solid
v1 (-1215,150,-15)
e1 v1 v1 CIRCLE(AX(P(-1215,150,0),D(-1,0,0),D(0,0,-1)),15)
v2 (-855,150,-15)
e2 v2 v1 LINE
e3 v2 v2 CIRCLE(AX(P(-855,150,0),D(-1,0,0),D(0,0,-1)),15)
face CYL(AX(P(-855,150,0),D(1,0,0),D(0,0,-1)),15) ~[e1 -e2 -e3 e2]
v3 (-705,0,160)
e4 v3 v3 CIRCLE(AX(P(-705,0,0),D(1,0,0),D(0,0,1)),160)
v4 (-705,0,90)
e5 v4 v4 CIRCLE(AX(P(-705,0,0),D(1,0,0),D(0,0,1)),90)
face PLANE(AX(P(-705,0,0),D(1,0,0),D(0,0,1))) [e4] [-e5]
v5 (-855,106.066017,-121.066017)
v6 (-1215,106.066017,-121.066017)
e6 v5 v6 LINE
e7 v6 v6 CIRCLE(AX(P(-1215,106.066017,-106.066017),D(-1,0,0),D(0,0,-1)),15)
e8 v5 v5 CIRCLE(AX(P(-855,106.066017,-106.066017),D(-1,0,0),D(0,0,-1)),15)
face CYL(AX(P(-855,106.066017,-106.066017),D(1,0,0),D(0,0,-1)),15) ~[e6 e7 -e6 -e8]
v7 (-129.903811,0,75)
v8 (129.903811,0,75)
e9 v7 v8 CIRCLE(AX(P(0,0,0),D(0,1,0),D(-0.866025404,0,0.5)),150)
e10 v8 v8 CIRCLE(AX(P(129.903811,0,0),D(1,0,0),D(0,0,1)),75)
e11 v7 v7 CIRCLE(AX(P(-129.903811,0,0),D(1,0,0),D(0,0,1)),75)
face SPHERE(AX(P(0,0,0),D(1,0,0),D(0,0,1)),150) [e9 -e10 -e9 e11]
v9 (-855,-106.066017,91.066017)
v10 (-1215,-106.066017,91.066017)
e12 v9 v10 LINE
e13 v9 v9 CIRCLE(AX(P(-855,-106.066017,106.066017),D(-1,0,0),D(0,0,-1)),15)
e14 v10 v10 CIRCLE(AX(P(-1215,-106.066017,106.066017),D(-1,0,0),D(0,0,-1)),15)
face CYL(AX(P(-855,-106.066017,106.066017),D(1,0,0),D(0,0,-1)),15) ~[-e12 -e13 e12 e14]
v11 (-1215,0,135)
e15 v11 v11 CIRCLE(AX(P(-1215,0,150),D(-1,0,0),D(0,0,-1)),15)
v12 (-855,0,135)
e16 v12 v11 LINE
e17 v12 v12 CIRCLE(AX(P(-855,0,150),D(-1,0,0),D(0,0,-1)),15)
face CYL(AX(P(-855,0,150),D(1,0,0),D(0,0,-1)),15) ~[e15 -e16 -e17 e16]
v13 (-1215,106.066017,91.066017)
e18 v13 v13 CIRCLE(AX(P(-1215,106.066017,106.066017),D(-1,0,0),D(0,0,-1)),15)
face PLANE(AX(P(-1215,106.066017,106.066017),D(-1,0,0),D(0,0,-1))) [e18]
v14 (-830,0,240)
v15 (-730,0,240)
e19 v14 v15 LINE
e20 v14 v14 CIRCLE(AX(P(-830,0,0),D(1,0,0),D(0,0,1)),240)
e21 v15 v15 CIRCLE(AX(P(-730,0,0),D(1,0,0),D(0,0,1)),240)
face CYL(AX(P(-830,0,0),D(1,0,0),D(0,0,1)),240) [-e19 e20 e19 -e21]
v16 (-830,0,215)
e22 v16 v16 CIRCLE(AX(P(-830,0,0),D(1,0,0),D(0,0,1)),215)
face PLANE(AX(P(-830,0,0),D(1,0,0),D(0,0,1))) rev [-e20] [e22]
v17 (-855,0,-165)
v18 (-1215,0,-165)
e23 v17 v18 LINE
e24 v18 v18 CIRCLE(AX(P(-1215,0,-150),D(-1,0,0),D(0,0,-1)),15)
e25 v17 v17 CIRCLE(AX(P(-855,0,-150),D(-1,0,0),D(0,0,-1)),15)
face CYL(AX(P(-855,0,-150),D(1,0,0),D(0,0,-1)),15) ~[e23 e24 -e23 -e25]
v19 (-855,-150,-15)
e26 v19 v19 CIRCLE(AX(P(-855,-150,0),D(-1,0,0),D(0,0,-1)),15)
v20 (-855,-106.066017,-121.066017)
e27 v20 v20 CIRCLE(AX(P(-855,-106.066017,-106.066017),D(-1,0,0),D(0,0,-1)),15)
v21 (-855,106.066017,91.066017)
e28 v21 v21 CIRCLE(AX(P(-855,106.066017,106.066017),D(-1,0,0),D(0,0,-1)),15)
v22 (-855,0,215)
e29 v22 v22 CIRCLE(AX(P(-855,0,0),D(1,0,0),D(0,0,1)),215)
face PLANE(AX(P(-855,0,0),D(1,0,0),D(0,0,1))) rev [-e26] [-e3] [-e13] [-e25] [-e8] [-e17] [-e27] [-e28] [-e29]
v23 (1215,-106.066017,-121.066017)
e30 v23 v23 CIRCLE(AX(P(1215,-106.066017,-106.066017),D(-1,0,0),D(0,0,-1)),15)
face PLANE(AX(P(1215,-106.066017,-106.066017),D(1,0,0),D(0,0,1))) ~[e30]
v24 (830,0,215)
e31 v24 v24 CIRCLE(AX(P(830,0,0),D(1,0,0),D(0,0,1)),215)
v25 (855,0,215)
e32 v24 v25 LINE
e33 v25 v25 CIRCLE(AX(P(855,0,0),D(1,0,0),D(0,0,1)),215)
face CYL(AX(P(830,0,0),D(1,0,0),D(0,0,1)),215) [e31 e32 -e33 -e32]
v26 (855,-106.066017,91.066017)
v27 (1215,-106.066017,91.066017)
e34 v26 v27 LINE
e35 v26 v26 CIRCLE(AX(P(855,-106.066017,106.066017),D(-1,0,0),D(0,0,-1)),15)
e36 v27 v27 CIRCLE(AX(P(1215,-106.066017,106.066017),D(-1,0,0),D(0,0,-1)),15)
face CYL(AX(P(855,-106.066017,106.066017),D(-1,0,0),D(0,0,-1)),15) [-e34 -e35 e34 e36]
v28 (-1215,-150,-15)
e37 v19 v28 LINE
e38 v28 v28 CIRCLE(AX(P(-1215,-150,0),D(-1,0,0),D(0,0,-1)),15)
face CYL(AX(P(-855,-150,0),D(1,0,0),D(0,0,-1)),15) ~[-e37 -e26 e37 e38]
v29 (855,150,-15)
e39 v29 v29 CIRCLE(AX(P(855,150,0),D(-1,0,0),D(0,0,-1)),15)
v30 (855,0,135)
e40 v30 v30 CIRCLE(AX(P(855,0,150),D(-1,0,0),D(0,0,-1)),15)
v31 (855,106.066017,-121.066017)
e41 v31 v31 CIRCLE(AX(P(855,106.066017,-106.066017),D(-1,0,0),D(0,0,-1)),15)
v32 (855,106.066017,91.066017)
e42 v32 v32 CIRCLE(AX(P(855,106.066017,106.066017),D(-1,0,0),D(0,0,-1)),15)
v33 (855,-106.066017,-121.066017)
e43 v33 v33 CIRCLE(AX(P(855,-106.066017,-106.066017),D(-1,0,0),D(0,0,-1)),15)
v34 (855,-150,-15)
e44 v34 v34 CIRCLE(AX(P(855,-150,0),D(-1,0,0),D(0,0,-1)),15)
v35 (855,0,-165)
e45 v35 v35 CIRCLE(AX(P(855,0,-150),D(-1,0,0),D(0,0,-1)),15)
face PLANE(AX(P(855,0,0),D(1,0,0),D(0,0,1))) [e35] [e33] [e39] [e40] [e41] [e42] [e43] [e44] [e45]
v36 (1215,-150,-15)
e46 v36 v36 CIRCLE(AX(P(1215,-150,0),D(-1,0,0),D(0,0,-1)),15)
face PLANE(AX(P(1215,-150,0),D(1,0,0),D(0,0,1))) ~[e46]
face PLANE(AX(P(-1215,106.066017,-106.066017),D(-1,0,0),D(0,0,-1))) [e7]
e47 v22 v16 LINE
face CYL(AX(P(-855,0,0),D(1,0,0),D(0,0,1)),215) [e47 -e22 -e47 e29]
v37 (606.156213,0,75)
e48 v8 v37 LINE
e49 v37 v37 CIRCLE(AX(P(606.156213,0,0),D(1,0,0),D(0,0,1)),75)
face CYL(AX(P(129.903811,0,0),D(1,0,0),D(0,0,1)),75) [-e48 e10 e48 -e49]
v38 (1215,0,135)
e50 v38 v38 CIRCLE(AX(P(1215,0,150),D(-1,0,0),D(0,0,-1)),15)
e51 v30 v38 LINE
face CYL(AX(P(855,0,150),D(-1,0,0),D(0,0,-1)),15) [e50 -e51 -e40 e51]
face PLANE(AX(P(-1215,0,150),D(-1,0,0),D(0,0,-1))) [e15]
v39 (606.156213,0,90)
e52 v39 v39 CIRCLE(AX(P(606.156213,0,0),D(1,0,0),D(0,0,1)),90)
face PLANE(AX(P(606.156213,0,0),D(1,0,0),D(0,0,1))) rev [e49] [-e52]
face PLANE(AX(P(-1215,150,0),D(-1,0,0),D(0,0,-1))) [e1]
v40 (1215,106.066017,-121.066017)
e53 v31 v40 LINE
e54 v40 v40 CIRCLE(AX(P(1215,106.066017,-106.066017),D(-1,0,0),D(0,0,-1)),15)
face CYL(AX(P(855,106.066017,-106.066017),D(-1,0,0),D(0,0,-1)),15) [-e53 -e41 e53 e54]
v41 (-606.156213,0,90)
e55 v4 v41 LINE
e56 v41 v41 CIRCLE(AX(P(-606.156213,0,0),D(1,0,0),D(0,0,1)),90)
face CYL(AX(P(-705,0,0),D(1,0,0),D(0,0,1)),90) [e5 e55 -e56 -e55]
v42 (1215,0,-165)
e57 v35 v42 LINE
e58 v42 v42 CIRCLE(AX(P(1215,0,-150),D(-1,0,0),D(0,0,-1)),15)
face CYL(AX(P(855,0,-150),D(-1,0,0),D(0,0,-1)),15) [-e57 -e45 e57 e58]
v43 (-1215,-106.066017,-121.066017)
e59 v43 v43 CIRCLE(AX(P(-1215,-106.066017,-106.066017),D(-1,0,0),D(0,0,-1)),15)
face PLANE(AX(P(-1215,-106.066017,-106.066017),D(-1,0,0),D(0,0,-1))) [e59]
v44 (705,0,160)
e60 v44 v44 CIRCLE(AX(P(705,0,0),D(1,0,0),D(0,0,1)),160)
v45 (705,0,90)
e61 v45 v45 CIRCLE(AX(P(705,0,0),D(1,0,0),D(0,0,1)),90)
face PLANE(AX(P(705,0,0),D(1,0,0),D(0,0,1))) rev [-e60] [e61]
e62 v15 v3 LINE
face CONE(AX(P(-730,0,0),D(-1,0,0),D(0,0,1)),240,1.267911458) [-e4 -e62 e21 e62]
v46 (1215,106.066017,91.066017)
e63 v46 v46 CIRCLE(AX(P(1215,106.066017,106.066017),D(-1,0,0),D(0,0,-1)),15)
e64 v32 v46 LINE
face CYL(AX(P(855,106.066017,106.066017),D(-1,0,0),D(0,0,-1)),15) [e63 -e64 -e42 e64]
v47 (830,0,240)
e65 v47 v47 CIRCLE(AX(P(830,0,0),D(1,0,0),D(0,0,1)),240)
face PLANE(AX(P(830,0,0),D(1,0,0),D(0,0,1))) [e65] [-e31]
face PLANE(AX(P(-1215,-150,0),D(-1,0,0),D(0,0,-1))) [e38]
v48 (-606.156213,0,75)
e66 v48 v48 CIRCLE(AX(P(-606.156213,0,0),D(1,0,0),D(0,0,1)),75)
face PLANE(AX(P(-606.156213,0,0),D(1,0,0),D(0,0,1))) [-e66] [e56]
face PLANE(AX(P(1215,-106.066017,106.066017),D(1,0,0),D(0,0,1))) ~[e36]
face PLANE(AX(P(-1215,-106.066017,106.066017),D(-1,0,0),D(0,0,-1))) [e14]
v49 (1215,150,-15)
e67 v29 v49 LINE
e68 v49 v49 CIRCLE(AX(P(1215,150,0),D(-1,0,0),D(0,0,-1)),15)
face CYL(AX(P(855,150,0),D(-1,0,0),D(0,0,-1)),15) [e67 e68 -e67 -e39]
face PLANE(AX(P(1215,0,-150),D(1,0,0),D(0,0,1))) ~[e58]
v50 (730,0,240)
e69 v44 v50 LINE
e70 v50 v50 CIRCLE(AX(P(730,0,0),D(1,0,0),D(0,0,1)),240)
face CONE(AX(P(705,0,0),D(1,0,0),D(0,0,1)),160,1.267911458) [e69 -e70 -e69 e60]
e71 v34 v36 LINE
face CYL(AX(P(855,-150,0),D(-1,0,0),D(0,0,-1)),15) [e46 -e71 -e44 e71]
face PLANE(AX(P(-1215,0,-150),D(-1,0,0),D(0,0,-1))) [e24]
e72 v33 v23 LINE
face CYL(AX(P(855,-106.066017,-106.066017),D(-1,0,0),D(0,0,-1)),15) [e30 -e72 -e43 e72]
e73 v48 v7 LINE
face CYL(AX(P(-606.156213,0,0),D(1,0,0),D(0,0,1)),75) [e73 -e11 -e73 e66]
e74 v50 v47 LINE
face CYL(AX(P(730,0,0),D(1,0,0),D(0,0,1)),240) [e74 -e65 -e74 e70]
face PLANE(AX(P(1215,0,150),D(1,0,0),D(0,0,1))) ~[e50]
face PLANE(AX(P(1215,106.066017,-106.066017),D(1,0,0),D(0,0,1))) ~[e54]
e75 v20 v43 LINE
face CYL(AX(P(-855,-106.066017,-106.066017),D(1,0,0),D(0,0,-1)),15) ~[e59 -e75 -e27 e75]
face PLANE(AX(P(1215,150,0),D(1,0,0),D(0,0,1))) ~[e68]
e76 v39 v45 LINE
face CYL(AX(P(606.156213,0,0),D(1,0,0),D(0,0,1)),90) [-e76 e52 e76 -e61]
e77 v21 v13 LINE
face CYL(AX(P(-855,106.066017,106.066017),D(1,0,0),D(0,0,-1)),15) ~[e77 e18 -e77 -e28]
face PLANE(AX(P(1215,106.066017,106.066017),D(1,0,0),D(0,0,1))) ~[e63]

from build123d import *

# Parameters (mm, degrees)
SKETCH2_R           = 15
BOSS_EXTRUDE1_DEPTH = 360


with BuildPart() as part:
    # Sketch1 → Revolve1 (revolve)
    with BuildSketch(Plane.XY, mode=Mode.PRIVATE) as revolve1_sk:
        with BuildLine():
            Line((-855, 0), (-855, 215))
            Line((-855, 215), (-830, 215))
            Line((-830, 215), (-830, 240))
            Line((-830, 240), (-730, 240))
            Line((-730, 240), (-705, 160))
            Line((-705, 160), (-705, 90))
            Line((-705, 90), (-606.156213382, 90))
            Line((-606.156213382, 90), (-606.156213382, 75))
            Line((-606.156213382, 75), (-129.903810568, 75))
            ThreePointArc((-129.903810568, 75), (0, 150), (129.903810568, 75))
            Line((129.903810568, 75), (606.156213382, 75))
            Line((606.156213382, 75), (606.156213382, 90))
            Line((606.156213382, 90), (705, 90))
            Line((705, 90), (705, 160))
            Line((705, 160), (730, 240))
            Line((730, 240), (830, 240))
            Line((830, 240), (830, 215))
            Line((830, 215), (855, 215))
            Line((855, 215), (855, 0))
            Line((855, 0), (-855, 0))
        make_face()
    revolve(revolve1_sk.sketch.rotate(Axis((-1250, 0, 0), (1, 0, 0)), 90), axis=Axis((-1250, 0, 0), (1, 0, 0)))

    # Sketch2 → Boss-Extrude1 (add)
    with BuildSketch(Plane.ZY.offset(855)):
        with Locations(Location((0, 150, 0), (0, 0, 180))):
            Circle(SKETCH2_R)
        with Locations(Location((106.066017178, 106.066017178, 0), (0, 0, 180))):
            Circle(SKETCH2_R)
        with Locations(Location((150, 0, 0), (0, 0, 180))):
            Circle(SKETCH2_R)
        with Locations(Location((106.066017178, -106.066017178, 0), (0, 0, 180))):
            Circle(SKETCH2_R)
        with Locations(Location((0, -150, 0), (0, 0, 180))):
            Circle(SKETCH2_R)
        with Locations(Location((-106.066017178, -106.066017178, 0), (0, 0, 180))):
            Circle(SKETCH2_R)
        with Locations(Location((-150, 0, 0), (0, 0, 180))):
            Circle(SKETCH2_R)
        with Locations(Location((-106.066017178, 106.066017178, 0), (0, 0, 180))):
            Circle(SKETCH2_R)
    boss_extrude1 = extrude(amount=BOSS_EXTRUDE1_DEPTH)

    # Mirror1: Boss-Extrude1 across plane
    add(boss_extrude1.mirror(Plane(origin=(0, 0, 0), x_dir=(0, 0, 1), z_dir=(1, 0, 0))))


solid = part.part
